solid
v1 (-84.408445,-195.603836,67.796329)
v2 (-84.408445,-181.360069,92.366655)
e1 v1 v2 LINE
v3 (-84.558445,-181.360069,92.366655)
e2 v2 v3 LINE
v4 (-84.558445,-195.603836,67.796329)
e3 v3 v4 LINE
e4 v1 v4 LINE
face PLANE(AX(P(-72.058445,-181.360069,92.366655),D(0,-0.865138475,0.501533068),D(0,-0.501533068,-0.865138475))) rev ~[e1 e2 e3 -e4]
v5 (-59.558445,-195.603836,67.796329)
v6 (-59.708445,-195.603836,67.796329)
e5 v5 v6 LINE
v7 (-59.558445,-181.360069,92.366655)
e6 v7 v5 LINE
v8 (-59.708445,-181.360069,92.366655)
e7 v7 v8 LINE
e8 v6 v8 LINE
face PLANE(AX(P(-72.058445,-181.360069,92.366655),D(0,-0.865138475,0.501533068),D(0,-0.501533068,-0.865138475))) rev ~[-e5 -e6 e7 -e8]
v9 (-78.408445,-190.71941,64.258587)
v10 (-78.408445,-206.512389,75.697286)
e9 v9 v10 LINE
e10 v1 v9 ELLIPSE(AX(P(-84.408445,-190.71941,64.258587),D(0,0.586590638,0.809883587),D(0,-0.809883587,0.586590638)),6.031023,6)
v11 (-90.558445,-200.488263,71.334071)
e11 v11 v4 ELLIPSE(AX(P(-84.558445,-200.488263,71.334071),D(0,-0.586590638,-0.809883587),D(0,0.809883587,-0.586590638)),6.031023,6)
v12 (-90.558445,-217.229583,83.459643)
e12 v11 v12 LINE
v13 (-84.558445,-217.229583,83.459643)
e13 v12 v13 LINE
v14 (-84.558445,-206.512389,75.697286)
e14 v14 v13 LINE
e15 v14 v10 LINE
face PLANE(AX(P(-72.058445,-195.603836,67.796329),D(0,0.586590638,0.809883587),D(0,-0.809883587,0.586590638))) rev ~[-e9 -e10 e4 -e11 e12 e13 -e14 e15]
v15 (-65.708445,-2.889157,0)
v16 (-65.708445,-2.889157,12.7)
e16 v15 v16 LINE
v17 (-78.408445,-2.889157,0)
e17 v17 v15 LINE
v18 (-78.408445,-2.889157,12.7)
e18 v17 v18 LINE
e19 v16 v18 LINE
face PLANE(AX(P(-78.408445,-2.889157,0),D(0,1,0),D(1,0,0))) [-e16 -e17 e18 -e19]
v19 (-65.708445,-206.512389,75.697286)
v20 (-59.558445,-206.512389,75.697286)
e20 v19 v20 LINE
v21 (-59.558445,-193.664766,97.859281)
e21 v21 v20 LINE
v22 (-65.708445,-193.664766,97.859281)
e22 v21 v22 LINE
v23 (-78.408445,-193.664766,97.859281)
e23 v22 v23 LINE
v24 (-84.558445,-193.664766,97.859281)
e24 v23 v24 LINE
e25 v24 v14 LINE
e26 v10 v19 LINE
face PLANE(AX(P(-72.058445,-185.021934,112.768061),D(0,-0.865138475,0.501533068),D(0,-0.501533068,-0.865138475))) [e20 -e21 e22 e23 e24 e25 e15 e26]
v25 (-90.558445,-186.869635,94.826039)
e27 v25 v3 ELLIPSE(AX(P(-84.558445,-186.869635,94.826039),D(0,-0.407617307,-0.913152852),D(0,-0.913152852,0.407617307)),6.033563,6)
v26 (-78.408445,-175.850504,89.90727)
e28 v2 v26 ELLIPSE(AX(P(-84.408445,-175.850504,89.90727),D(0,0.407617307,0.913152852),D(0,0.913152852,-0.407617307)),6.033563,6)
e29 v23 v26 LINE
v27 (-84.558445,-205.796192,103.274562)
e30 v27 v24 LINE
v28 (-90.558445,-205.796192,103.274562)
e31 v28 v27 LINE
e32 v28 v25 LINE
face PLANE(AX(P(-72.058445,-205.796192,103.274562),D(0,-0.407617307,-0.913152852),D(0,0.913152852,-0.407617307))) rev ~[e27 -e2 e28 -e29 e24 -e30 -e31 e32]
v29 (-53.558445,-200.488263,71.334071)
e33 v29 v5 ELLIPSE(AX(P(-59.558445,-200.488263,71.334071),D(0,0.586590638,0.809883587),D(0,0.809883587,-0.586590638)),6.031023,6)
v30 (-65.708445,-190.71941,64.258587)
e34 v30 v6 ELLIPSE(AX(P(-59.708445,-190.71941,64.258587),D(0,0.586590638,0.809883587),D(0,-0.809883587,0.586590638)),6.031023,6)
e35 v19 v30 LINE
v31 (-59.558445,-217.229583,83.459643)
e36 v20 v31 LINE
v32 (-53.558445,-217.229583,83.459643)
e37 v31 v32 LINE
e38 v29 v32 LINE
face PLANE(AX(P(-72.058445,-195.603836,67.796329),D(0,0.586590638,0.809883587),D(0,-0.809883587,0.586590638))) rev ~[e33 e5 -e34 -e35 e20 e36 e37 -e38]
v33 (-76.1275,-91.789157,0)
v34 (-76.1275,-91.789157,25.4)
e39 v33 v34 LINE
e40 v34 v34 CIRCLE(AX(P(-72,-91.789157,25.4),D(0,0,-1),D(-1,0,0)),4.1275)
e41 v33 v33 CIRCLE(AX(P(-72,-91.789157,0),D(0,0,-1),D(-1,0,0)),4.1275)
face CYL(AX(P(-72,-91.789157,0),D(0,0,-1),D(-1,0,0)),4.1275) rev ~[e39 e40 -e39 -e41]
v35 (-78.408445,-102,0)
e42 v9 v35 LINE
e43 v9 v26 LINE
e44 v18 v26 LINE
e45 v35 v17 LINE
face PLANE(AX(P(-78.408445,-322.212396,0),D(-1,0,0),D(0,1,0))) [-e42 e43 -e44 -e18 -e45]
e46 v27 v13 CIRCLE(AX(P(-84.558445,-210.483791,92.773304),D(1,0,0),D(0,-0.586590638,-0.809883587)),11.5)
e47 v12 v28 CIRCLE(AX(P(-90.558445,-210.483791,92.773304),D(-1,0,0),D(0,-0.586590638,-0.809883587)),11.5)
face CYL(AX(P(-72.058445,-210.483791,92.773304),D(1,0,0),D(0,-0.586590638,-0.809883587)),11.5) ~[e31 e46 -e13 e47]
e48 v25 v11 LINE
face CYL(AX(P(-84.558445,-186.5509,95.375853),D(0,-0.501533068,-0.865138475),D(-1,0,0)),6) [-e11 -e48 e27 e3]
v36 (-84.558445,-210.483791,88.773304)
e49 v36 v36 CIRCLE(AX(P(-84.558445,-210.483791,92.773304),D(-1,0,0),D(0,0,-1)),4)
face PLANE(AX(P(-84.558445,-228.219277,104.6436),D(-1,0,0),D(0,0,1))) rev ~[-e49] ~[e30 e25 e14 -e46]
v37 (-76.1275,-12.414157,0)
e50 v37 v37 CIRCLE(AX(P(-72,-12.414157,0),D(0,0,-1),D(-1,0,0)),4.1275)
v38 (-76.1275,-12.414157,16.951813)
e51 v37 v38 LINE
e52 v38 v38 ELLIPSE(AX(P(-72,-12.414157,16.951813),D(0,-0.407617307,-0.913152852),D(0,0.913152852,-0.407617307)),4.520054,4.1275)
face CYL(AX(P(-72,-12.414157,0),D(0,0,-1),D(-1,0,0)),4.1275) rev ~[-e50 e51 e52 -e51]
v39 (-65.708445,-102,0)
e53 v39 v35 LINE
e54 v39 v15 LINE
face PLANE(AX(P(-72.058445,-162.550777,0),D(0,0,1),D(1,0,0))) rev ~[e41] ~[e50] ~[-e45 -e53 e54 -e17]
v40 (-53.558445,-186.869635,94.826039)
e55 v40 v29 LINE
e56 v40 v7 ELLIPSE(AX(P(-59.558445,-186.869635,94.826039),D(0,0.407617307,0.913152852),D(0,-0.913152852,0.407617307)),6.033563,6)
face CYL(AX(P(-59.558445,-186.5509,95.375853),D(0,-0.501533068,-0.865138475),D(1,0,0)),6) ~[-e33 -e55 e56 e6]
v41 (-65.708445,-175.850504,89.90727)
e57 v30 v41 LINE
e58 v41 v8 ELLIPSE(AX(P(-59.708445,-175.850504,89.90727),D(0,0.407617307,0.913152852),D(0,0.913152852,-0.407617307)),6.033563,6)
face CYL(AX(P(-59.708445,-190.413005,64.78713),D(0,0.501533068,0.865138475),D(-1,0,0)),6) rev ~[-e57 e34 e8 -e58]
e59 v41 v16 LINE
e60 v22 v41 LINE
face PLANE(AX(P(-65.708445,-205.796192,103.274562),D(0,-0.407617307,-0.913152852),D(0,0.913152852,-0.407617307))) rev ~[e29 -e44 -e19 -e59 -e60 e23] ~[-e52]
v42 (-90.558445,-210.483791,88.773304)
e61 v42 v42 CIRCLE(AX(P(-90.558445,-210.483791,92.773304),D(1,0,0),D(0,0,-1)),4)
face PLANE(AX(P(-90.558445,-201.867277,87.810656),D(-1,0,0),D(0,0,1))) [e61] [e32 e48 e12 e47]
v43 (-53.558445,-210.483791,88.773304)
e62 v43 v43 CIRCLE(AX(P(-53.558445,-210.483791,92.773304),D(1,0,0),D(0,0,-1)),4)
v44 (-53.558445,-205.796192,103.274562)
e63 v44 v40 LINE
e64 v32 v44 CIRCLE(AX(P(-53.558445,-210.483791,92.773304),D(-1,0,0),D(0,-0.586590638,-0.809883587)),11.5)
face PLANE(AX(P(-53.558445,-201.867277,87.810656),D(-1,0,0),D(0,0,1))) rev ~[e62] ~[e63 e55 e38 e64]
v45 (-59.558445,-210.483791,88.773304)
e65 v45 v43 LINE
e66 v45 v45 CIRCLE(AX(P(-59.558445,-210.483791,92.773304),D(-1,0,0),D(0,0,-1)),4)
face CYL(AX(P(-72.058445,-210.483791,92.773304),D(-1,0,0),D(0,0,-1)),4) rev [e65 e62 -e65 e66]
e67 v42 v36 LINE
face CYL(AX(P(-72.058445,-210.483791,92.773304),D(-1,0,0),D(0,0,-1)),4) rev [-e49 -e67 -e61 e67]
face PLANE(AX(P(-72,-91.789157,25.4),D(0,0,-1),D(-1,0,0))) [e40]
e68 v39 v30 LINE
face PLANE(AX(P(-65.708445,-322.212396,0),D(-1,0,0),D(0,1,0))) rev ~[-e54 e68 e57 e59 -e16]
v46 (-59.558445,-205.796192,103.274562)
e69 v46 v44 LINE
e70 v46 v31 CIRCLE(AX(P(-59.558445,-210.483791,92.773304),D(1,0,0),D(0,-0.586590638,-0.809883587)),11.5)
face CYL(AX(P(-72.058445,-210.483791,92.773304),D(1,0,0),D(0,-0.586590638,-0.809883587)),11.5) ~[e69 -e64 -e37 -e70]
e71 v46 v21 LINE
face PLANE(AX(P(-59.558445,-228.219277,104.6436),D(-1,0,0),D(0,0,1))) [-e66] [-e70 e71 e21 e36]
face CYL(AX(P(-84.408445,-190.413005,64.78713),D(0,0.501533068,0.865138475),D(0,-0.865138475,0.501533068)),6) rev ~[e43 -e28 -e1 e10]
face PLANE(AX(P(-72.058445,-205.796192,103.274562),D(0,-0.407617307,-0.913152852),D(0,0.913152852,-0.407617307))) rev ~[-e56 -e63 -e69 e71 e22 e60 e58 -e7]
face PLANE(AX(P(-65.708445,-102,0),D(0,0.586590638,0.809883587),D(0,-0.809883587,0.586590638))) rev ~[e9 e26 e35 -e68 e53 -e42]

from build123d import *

# Parameters (mm, degrees)
SKETCH1_W           = 12.7
SKETCH1_H           = 319.323239592
BOSS_EXTRUDE1_DEPTH = 112.776
SKETCH2_R           = 4
CUT_EXTRUDE1_DEPTH  = 13.7
SKETCH3_R           = 4.1275
CUT_EXTRUDE2_DEPTH  = 25.4
SKETCH4_R           = 4
BOSS_EXTRUDE2_DEPTH = 18.5
CUT_EXTRUDE3_DEPTH  = 12.5
FILLET1_R           = 6
FILLET2_R           = 6


with BuildPart() as part:
    # Sketch1 → Boss-Extrude1 (new body)
    with BuildSketch(Plane.XY):
        with Locations((-72.058445247, -162.550776628)):
            Rectangle(SKETCH1_W, SKETCH1_H)
    extrude(amount=BOSS_EXTRUDE1_DEPTH)

    # Sketch2 → Cut-Extrude1 (cut, through all)
    with BuildSketch(Plane(origin=(-65.708445247, 0, 0), x_dir=(0, 0, -1), z_dir=(1, 0, 0))):
        with BuildLine():
            Line((0, -322.212396424), (0, -102))
            Line((0, -102), (-83.459642539, -217.229583096))
            ThreePointArc((-83.459642539, -217.229583096), (-98.52075591, -220.444553487), (-103.27456158, -205.796191727))
            Line((-103.27456158, -205.796191727), (-12.7, -2.889156832))
            Line((-12.7, -2.889156832), (-112.776, -2.889156832))
            Line((-112.776, -2.889156832), (-112.776, -322.212396424))
            Line((-112.776, -322.212396424), (0, -322.212396424))
        make_face()
        with Locations((-92.773303784, -210.483790762)):
            Circle(SKETCH2_R)
    extrude(amount=-CUT_EXTRUDE1_DEPTH, mode=Mode.SUBTRACT)

    # Sketch3 → Cut-Extrude2 (cut)
    with BuildSketch(Plane(origin=(0, 0, 0), x_dir=(-1, 0, 0), z_dir=(0, 0, -1))):
        with Locations((72, -12.414156832)):
            Circle(SKETCH3_R)
        with Locations((72, -91.789156832)):
            Circle(SKETCH3_R)
    extrude(amount=-CUT_EXTRUDE2_DEPTH, mode=Mode.SUBTRACT)

    # Sketch4 → Boss-Extrude2 (add, symmetric)
    with BuildSketch(Plane(origin=(-72.058445247, 0, 0), x_dir=(0, 0, -1), z_dir=(1, 0, 0))):
        with BuildLine():
            Line((-103.27456158, -205.796191727), (-92.366654545, -181.360069325))
            Line((-92.366654545, -181.360069325), (-67.7963289, -195.603836259))
            Line((-67.7963289, -195.603836259), (-83.459642539, -217.229583096))
            ThreePointArc((-83.459642539, -217.229583096), (-98.52075591, -220.444553487), (-103.27456158, -205.796191727))
        make_face()
        with Locations((-92.773303784, -210.483790762)):
            Circle(SKETCH4_R, mode=Mode.SUBTRACT)
    extrude(amount=BOSS_EXTRUDE2_DEPTH, both=True)

    # Sketch6 → Cut-Extrude3 (cut, symmetric)
    with BuildSketch(Plane(origin=(-72.058445247, 0, 0), x_dir=(0, 0, -1), z_dir=(1, 0, 0))):
        Polygon((-112.768060528, -185.021934277), (-58.643397137, -216.398770785), (-86.651018722, -272.391051709), (-155.398568229, -233.039813831), align=None)
    extrude(amount=CUT_EXTRUDE3_DEPTH, both=True, mode=Mode.SUBTRACT)

    # Fillet1
    fillet1_edges = [part.edges().sort_by_distance(p)[0] for p in [
        (-65.708445247, -188.481952792, 80.081491723),
        (-78.408445247, -188.481952792, 80.081491723),
    ]]
    fillet(fillet1_edges, radius=FILLET1_R)

    # Fillet2
    fillet2_edges = [part.edges().sort_by_distance(p)[0] for p in [
        (-90.558445247, -188.481952792, 80.081491723),
        (-53.558445247, -188.481952792, 80.081491723),
    ]]
    fillet(fillet2_edges, radius=FILLET2_R)


solid = part.part
